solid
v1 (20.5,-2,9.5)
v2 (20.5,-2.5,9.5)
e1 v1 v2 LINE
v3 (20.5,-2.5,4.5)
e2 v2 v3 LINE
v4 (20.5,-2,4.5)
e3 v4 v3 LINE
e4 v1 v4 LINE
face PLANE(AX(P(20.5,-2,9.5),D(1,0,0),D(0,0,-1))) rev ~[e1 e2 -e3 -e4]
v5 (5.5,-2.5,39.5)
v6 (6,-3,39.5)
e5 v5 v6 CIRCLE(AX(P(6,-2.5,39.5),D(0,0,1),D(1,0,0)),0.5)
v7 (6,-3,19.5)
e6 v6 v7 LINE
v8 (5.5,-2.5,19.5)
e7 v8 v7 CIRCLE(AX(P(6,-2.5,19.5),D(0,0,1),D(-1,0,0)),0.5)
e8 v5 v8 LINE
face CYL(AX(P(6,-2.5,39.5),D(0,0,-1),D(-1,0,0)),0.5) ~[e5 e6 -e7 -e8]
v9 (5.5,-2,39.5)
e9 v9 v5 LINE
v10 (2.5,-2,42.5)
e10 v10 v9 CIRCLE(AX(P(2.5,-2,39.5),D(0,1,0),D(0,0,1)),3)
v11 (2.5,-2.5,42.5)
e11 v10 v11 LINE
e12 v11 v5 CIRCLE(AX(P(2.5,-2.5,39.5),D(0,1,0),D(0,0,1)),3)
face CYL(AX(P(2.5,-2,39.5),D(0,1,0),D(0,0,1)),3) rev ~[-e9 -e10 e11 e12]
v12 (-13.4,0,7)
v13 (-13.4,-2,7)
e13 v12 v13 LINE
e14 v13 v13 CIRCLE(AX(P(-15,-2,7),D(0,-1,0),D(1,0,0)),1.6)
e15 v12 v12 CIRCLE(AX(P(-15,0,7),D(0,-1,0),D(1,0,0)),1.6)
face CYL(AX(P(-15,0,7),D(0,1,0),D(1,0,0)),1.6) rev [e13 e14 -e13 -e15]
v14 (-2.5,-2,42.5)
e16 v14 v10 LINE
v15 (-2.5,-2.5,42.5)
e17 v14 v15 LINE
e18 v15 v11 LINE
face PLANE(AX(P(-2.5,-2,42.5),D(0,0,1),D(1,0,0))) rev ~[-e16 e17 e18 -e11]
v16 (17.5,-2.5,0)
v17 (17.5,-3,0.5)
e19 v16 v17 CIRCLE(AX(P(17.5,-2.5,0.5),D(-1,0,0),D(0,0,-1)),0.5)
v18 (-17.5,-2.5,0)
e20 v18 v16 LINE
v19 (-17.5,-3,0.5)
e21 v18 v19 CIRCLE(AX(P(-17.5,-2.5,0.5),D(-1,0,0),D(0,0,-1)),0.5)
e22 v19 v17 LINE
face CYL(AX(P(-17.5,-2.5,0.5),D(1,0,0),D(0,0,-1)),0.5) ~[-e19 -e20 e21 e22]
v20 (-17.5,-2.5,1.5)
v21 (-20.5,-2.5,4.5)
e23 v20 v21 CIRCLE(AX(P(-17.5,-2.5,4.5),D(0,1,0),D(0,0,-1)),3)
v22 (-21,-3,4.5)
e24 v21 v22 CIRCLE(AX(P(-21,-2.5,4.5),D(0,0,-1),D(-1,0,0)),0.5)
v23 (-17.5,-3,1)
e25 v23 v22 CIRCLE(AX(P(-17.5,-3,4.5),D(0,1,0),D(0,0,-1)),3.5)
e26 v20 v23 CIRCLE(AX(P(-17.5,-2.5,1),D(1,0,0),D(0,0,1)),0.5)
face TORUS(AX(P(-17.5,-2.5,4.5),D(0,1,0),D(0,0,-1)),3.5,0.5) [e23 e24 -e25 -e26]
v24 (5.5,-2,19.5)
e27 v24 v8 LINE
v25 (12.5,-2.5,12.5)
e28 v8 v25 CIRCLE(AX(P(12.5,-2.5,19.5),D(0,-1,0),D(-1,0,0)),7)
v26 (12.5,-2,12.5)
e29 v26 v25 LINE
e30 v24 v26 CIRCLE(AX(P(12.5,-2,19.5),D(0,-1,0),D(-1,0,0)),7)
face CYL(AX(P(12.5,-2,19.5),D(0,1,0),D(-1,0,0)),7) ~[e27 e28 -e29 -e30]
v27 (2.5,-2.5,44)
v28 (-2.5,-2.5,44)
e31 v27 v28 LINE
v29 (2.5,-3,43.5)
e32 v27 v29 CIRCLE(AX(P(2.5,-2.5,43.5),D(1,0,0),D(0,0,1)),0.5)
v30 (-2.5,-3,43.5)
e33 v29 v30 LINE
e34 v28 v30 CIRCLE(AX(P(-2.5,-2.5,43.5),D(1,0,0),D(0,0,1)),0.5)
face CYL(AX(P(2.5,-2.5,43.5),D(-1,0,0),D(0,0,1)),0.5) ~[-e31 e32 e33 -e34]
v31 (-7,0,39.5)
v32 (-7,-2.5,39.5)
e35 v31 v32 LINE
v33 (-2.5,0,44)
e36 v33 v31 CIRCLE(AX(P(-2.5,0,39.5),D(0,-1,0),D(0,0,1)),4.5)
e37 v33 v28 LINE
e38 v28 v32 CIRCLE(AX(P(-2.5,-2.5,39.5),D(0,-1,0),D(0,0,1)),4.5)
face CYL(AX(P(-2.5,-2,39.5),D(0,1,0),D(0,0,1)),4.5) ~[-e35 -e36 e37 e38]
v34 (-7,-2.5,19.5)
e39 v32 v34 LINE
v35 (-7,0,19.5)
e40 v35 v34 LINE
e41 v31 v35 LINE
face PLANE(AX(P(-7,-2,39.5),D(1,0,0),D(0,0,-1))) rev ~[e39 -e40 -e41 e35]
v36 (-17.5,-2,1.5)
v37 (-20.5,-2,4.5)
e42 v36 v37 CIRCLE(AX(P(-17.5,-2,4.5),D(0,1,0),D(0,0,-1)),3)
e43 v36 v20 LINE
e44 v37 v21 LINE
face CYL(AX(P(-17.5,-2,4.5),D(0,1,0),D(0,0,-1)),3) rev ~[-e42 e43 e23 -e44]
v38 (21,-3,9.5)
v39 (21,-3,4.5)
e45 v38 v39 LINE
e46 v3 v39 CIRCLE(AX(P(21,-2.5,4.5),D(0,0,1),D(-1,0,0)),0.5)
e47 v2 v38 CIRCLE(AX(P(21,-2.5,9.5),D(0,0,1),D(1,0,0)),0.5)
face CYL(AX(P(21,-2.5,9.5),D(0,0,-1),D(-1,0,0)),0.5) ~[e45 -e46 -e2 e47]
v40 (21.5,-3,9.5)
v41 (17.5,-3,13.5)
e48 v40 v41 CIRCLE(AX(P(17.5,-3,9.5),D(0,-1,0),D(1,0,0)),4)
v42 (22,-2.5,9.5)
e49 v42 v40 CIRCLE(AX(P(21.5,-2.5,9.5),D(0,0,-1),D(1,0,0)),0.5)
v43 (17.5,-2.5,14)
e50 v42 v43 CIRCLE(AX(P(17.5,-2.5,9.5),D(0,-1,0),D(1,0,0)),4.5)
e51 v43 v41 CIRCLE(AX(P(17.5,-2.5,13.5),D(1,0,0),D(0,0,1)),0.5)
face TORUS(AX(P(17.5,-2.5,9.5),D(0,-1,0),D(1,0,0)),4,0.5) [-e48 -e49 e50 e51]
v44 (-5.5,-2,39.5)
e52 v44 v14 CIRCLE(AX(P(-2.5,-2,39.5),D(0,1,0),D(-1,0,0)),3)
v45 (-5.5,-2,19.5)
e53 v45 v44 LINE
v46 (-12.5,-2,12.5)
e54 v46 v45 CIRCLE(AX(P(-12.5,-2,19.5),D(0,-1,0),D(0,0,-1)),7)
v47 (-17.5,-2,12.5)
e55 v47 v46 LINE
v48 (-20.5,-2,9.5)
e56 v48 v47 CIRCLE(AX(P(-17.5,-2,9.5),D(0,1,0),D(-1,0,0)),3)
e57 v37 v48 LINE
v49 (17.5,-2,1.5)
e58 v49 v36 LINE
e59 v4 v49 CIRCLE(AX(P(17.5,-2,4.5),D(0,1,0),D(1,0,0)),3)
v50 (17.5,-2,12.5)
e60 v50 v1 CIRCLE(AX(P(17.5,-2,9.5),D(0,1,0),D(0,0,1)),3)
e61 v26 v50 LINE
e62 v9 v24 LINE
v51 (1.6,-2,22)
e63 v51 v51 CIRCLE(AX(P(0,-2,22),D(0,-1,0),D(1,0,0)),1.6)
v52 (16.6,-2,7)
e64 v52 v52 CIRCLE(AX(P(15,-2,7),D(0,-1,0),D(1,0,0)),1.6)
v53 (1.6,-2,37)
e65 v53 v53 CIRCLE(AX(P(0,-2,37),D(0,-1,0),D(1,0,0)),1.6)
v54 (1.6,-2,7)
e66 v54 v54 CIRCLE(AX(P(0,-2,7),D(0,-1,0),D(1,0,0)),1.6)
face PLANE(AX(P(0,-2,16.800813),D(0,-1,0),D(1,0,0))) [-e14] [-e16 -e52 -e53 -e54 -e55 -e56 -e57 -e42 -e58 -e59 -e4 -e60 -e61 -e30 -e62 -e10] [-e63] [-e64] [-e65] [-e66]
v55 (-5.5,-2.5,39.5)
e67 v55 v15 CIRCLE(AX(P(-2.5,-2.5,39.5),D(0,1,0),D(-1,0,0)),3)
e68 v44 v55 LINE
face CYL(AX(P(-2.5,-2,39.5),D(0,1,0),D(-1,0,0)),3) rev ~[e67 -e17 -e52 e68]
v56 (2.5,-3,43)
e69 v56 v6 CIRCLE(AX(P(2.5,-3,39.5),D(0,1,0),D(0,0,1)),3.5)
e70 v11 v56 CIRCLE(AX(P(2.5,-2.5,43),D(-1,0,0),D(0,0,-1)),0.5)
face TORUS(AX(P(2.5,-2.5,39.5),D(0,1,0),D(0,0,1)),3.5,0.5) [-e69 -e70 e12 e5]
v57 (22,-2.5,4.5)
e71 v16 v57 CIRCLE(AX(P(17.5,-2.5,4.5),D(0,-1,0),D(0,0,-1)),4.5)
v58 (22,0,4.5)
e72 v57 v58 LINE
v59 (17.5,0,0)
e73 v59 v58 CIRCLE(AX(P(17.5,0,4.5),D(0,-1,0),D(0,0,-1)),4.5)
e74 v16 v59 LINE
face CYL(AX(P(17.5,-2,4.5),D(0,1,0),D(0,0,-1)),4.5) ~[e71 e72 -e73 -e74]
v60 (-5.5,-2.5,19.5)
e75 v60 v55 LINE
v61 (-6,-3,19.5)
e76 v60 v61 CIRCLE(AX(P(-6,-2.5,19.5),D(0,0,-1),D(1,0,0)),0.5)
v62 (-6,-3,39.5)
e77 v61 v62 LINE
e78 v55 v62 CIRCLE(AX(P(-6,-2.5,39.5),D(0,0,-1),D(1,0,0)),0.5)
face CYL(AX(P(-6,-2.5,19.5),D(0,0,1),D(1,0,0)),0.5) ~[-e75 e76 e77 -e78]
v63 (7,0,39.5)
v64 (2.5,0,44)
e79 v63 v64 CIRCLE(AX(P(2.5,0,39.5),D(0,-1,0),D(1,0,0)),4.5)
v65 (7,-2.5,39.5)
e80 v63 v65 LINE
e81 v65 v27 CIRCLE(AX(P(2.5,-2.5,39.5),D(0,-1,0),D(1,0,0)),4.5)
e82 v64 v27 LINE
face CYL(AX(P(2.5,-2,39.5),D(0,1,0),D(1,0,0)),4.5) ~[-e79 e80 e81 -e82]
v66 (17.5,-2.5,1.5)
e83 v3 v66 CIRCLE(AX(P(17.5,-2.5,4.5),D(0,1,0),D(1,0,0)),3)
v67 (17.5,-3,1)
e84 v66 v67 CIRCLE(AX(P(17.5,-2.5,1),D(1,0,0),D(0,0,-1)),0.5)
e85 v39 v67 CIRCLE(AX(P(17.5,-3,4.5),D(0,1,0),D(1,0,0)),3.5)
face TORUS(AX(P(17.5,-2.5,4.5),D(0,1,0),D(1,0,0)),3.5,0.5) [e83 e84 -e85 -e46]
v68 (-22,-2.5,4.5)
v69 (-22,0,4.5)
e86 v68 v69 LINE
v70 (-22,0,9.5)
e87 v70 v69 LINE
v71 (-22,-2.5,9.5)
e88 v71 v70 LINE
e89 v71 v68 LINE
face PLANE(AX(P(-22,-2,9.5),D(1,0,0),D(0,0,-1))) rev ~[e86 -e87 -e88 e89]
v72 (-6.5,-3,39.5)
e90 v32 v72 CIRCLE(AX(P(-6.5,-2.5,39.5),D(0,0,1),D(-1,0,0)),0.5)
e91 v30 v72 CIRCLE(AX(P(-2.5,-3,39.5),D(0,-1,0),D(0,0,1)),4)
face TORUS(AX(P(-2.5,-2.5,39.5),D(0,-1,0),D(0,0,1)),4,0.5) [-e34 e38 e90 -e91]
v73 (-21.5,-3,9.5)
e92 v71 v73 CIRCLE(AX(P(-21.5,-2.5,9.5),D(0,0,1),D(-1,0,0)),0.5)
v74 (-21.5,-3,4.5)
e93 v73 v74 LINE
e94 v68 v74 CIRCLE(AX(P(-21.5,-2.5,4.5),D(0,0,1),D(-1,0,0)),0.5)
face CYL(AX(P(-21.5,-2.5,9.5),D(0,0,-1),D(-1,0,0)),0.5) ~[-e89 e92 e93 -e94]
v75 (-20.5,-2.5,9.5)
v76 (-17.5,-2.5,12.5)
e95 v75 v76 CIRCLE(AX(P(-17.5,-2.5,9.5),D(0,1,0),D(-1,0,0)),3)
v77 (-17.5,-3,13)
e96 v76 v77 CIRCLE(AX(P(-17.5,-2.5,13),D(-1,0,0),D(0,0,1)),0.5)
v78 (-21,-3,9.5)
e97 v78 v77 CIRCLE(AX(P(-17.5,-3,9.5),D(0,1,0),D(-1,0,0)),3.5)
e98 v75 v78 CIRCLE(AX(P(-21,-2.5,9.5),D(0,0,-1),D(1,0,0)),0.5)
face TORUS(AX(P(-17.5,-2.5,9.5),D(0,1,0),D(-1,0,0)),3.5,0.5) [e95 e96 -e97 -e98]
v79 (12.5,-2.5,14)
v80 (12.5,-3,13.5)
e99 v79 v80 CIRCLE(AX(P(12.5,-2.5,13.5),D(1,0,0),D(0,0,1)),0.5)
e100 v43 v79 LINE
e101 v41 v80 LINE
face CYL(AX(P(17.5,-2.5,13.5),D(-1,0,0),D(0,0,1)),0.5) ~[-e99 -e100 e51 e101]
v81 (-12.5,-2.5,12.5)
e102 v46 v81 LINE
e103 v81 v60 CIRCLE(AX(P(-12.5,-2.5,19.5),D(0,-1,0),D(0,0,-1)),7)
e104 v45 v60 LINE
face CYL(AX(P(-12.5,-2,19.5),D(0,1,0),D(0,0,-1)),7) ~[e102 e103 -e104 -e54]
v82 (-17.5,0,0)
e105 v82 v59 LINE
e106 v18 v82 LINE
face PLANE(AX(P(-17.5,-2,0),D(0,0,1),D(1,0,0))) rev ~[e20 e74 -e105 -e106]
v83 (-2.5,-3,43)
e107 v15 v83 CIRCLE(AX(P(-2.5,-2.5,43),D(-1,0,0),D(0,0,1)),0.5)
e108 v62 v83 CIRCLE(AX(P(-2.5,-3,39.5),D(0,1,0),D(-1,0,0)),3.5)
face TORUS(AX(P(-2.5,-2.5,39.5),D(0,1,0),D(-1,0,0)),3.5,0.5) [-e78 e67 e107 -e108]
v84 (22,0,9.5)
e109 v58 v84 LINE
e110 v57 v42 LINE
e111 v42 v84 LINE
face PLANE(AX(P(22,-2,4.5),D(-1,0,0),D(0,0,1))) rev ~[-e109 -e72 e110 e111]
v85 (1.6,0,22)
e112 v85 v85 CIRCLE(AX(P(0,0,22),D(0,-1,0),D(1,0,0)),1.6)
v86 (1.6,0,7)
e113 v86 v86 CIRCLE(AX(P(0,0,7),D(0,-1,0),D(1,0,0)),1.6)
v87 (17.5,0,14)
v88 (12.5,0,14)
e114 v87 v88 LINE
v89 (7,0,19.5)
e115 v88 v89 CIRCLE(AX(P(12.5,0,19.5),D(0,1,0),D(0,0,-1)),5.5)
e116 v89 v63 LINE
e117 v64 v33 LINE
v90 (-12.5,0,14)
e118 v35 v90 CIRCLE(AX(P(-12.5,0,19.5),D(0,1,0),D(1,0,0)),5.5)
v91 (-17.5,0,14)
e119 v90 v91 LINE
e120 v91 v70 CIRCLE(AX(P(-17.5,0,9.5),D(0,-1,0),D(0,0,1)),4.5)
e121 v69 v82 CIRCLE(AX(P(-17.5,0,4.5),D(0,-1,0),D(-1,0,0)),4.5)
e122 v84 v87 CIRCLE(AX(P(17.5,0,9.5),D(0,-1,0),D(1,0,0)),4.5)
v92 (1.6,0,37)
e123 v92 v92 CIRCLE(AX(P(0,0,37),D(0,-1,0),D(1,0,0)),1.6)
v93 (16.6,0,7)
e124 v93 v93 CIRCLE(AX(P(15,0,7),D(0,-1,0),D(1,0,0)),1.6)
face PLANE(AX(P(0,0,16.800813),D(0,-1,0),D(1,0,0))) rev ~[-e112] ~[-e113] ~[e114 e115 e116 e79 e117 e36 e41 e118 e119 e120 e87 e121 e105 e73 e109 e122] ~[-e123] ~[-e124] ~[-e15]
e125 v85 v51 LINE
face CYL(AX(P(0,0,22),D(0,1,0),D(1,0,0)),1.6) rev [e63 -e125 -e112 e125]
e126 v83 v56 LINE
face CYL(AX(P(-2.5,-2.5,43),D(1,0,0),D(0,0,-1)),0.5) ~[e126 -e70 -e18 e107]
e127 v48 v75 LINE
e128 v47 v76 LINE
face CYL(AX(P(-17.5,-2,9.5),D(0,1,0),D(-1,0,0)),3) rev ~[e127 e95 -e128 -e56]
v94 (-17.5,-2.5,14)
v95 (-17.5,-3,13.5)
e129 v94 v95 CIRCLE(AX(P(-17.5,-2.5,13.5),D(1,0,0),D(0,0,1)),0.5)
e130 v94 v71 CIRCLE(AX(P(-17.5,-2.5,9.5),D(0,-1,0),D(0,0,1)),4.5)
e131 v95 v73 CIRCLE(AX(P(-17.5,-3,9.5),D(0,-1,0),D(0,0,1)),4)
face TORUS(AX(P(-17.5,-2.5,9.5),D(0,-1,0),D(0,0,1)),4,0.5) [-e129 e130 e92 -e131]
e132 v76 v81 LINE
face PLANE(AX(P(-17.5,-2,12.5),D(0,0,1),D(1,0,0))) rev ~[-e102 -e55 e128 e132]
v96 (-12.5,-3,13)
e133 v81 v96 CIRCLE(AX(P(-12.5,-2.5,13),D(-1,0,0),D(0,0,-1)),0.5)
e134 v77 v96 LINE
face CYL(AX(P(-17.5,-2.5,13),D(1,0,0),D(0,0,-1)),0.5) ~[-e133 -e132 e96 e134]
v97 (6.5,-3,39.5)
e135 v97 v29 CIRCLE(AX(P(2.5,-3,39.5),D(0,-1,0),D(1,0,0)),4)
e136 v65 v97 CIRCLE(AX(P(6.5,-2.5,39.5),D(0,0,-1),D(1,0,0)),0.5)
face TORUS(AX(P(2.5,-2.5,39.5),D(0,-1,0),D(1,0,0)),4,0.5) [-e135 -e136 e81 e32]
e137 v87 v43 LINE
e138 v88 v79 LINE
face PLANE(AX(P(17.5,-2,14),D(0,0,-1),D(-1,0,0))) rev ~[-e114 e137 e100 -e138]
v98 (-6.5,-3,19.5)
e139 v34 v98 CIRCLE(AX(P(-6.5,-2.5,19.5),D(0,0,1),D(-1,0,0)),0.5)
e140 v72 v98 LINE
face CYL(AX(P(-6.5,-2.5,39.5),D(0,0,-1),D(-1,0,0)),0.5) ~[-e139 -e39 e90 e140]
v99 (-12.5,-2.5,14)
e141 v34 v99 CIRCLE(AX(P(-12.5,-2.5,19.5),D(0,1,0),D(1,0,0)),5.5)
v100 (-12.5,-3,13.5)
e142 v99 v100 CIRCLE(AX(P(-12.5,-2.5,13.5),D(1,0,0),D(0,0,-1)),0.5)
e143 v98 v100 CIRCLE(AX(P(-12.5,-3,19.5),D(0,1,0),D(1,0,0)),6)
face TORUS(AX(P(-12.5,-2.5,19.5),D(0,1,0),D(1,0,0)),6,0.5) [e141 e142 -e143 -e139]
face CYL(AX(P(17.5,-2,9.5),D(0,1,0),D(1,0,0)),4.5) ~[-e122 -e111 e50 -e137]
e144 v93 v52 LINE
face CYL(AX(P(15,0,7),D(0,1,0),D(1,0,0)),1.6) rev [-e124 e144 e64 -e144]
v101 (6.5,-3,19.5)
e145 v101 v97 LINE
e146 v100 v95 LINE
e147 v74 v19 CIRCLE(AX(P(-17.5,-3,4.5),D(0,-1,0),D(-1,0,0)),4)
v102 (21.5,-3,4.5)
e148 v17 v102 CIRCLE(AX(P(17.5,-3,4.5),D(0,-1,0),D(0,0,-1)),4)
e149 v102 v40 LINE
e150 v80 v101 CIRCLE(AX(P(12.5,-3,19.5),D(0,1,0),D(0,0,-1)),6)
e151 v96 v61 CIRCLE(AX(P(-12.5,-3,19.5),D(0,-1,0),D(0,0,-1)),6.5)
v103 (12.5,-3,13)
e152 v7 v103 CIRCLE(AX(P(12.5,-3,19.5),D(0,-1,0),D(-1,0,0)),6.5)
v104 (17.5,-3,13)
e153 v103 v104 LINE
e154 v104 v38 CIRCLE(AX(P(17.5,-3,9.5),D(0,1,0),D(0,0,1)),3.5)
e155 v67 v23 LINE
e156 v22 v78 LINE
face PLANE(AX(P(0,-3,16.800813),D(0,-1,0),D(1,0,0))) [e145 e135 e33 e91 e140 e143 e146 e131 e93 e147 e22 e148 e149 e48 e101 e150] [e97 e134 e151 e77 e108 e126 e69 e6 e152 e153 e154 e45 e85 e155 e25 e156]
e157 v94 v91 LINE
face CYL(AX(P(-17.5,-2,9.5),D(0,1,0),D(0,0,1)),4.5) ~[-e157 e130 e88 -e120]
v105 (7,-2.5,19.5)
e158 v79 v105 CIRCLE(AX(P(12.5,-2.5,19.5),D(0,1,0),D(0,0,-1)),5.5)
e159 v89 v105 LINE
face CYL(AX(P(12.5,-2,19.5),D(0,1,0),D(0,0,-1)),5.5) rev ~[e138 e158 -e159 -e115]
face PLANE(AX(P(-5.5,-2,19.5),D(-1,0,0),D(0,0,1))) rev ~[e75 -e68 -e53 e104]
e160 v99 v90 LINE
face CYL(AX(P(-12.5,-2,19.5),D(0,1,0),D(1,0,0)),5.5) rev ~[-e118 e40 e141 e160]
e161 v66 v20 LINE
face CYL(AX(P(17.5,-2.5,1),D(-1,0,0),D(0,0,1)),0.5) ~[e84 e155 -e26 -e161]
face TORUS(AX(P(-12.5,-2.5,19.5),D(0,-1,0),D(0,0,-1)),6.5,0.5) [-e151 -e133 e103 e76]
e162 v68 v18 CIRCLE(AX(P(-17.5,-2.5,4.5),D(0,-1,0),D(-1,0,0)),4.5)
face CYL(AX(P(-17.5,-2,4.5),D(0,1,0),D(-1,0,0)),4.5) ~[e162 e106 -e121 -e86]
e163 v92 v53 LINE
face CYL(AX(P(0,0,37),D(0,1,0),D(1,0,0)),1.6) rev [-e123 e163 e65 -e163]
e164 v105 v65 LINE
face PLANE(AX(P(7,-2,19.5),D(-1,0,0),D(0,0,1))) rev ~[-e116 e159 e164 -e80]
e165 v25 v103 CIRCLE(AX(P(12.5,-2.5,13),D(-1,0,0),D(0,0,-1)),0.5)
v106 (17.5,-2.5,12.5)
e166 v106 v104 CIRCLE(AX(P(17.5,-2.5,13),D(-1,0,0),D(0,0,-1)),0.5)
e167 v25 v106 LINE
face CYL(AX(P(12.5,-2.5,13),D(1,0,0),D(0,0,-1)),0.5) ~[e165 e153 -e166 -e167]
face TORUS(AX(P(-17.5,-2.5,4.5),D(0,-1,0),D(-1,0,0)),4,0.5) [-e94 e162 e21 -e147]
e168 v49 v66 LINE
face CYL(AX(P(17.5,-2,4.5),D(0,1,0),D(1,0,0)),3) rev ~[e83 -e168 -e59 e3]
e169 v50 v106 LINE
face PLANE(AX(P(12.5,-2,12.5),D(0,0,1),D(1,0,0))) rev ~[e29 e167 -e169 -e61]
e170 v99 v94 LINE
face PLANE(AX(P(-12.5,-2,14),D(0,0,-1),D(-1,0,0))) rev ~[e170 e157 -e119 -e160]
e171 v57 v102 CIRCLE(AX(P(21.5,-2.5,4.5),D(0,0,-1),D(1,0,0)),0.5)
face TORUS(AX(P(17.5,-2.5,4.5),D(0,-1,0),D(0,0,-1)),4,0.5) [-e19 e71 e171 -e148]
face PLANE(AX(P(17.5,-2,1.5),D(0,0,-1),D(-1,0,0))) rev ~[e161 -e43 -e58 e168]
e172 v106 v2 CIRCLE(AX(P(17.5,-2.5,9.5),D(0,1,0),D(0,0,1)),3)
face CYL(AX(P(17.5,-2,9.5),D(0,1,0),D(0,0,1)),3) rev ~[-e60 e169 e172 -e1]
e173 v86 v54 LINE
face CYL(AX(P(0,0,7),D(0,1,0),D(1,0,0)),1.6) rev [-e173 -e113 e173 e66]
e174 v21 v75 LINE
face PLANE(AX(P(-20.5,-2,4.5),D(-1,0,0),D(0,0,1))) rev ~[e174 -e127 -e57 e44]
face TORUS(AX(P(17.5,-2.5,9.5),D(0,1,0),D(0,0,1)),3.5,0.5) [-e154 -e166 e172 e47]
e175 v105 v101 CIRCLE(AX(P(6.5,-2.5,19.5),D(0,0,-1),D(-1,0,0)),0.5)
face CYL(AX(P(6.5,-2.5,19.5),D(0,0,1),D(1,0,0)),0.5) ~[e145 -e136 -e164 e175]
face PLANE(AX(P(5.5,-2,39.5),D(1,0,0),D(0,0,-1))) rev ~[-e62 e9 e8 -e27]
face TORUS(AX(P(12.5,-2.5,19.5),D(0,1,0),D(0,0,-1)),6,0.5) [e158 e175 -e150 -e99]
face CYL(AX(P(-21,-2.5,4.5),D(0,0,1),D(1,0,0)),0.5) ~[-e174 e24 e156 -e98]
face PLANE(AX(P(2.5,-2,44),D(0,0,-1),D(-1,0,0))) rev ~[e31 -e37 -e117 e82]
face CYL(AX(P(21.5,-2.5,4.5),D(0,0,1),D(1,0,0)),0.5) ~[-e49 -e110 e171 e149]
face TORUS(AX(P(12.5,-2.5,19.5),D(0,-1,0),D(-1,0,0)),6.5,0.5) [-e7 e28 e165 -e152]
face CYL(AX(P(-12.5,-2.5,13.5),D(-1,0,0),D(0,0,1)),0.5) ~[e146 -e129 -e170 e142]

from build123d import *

# Parameters (mm, degrees)
F0_R     = 1.6
F1_DEPTH = 2
F3_DEPTH = 1
F4_R     = 0.5


with BuildPart() as f1:
    # F0 (on Front) → F1 (new body)
    with BuildSketch(Plane.XZ):
        with BuildLine():
            Line((2.5, 44), (0, 44))
            Line((0, 44), (-2.5, 44))
            ThreePointArc((-2.5, 44), (-5.6819805153, 42.6819805153), (-7, 39.5))
            Line((-7, 39.5), (-7, 19.5))
            ThreePointArc((-7, 19.5), (-8.6109127035, 15.6109127035), (-12.5, 14))
            Line((-12.5, 14), (-17.5, 14))
            ThreePointArc((-17.5, 14), (-20.6819805153, 12.6819805153), (-22, 9.5))
            Line((-22, 9.5), (-22, 4.5))
            ThreePointArc((-22, 4.5), (-20.6819805153, 1.3180194847), (-17.5, 0))
            Line((-17.5, 0), (0, 0))
            Line((0, 0), (17.5, 0))
            ThreePointArc((17.5, 0), (20.6819805153, 1.3180194847), (22, 4.5))
            Line((22, 4.5), (22, 9.5))
            ThreePointArc((22, 9.5), (20.6819805153, 12.6819805153), (17.5, 14))
            Line((17.5, 14), (12.5, 14))
            ThreePointArc((12.5, 14), (8.6109127035, 15.6109127035), (7, 19.5))
            Line((7, 19.5), (7, 39.5))
            ThreePointArc((7, 39.5), (5.6819805153, 42.6819805153), (2.5, 44))
        make_face()
        with Locations((-15, 7)):
            Circle(F0_R, mode=Mode.SUBTRACT)
        with Locations((0, 7)):
            Circle(F0_R, mode=Mode.SUBTRACT)
        with Locations((15, 7)):
            Circle(F0_R, mode=Mode.SUBTRACT)
        with Locations((0, 22)):
            Circle(F0_R, mode=Mode.SUBTRACT)
        with Locations((0, 37)):
            Circle(F0_R, mode=Mode.SUBTRACT)
    extrude(amount=F1_DEPTH)

    # F2 (on face) → F3 (join)
    with BuildSketch(Plane.XZ.offset(2)):
        with BuildLine():
            ThreePointArc((22, 9.5), (20.6819805153, 12.6819805153), (17.5, 14))
            Line((17.5, 14), (12.5, 14))
            ThreePointArc((12.5, 14), (8.6109127035, 15.6109127035), (7, 19.5))
            Line((7, 19.5), (7, 39.5))
            ThreePointArc((7, 39.5), (5.6819805153, 42.6819805153), (2.5, 44))
            Line((2.5, 44), (-2.5, 44))
            ThreePointArc((-2.5, 44), (-5.6819805153, 42.6819805153), (-7, 39.5))
            Line((-7, 39.5), (-7, 19.5))
            ThreePointArc((-7, 19.5), (-8.6109127035, 15.6109127035), (-12.5, 14))
            Line((-12.5, 14), (-17.5, 14))
            ThreePointArc((-17.5, 14), (-20.6819805153, 12.6819805153), (-22, 9.5))
            Line((-22, 9.5), (-22, 4.5))
            ThreePointArc((-22, 4.5), (-20.6819805153, 1.3180194847), (-17.5, 0))
            Line((-17.5, 0), (17.5, 0))
            ThreePointArc((17.5, 0), (20.6819805153, 1.3180194847), (22, 4.5))
            Line((22, 4.5), (22, 9.5))
        make_face()
        with BuildLine():
            Line((-5.5, 19.5), (-5.5, 39.5))
            ThreePointArc((-5.5, 39.5), (-4.6213203436, 41.6213203436), (-2.5, 42.5))
            Line((-2.5, 42.5), (2.5, 42.5))
            ThreePointArc((2.5, 42.5), (4.6213203436, 41.6213203436), (5.5, 39.5))
            Line((5.5, 39.5), (5.5, 19.5))
            ThreePointArc((5.5, 19.5), (7.5502525317, 14.5502525317), (12.5, 12.5))
            Line((12.5, 12.5), (17.5, 12.5))
            ThreePointArc((17.5, 12.5), (19.6213203436, 11.6213203436), (20.5, 9.5))
            Line((20.5, 9.5), (20.5, 4.5))
            ThreePointArc((20.5, 4.5), (19.6213203436, 2.3786796564), (17.5, 1.5))
            Line((17.5, 1.5), (-17.5, 1.5))
            ThreePointArc((-17.5, 1.5), (-19.6213203436, 2.3786796564), (-20.5, 4.5))
            Line((-20.5, 4.5), (-20.5, 9.5))
            ThreePointArc((-20.5, 9.5), (-19.6213203436, 11.6213203436), (-17.5, 12.5))
            Line((-17.5, 12.5), (-12.5, 12.5))
            ThreePointArc((-12.5, 12.5), (-7.5502525317, 14.5502525317), (-5.5, 19.5))
        make_face(mode=Mode.SUBTRACT)
    extrude(amount=F3_DEPTH)

    # F4
    f4_edges = [f1.edges().sort_by_distance(p)[0] for p in [
        (-7, -3, 29.5),
        (-5.5, -3, 29.5),
    ]]
    fillet(f4_edges, radius=F4_R)


solid = f1.part
